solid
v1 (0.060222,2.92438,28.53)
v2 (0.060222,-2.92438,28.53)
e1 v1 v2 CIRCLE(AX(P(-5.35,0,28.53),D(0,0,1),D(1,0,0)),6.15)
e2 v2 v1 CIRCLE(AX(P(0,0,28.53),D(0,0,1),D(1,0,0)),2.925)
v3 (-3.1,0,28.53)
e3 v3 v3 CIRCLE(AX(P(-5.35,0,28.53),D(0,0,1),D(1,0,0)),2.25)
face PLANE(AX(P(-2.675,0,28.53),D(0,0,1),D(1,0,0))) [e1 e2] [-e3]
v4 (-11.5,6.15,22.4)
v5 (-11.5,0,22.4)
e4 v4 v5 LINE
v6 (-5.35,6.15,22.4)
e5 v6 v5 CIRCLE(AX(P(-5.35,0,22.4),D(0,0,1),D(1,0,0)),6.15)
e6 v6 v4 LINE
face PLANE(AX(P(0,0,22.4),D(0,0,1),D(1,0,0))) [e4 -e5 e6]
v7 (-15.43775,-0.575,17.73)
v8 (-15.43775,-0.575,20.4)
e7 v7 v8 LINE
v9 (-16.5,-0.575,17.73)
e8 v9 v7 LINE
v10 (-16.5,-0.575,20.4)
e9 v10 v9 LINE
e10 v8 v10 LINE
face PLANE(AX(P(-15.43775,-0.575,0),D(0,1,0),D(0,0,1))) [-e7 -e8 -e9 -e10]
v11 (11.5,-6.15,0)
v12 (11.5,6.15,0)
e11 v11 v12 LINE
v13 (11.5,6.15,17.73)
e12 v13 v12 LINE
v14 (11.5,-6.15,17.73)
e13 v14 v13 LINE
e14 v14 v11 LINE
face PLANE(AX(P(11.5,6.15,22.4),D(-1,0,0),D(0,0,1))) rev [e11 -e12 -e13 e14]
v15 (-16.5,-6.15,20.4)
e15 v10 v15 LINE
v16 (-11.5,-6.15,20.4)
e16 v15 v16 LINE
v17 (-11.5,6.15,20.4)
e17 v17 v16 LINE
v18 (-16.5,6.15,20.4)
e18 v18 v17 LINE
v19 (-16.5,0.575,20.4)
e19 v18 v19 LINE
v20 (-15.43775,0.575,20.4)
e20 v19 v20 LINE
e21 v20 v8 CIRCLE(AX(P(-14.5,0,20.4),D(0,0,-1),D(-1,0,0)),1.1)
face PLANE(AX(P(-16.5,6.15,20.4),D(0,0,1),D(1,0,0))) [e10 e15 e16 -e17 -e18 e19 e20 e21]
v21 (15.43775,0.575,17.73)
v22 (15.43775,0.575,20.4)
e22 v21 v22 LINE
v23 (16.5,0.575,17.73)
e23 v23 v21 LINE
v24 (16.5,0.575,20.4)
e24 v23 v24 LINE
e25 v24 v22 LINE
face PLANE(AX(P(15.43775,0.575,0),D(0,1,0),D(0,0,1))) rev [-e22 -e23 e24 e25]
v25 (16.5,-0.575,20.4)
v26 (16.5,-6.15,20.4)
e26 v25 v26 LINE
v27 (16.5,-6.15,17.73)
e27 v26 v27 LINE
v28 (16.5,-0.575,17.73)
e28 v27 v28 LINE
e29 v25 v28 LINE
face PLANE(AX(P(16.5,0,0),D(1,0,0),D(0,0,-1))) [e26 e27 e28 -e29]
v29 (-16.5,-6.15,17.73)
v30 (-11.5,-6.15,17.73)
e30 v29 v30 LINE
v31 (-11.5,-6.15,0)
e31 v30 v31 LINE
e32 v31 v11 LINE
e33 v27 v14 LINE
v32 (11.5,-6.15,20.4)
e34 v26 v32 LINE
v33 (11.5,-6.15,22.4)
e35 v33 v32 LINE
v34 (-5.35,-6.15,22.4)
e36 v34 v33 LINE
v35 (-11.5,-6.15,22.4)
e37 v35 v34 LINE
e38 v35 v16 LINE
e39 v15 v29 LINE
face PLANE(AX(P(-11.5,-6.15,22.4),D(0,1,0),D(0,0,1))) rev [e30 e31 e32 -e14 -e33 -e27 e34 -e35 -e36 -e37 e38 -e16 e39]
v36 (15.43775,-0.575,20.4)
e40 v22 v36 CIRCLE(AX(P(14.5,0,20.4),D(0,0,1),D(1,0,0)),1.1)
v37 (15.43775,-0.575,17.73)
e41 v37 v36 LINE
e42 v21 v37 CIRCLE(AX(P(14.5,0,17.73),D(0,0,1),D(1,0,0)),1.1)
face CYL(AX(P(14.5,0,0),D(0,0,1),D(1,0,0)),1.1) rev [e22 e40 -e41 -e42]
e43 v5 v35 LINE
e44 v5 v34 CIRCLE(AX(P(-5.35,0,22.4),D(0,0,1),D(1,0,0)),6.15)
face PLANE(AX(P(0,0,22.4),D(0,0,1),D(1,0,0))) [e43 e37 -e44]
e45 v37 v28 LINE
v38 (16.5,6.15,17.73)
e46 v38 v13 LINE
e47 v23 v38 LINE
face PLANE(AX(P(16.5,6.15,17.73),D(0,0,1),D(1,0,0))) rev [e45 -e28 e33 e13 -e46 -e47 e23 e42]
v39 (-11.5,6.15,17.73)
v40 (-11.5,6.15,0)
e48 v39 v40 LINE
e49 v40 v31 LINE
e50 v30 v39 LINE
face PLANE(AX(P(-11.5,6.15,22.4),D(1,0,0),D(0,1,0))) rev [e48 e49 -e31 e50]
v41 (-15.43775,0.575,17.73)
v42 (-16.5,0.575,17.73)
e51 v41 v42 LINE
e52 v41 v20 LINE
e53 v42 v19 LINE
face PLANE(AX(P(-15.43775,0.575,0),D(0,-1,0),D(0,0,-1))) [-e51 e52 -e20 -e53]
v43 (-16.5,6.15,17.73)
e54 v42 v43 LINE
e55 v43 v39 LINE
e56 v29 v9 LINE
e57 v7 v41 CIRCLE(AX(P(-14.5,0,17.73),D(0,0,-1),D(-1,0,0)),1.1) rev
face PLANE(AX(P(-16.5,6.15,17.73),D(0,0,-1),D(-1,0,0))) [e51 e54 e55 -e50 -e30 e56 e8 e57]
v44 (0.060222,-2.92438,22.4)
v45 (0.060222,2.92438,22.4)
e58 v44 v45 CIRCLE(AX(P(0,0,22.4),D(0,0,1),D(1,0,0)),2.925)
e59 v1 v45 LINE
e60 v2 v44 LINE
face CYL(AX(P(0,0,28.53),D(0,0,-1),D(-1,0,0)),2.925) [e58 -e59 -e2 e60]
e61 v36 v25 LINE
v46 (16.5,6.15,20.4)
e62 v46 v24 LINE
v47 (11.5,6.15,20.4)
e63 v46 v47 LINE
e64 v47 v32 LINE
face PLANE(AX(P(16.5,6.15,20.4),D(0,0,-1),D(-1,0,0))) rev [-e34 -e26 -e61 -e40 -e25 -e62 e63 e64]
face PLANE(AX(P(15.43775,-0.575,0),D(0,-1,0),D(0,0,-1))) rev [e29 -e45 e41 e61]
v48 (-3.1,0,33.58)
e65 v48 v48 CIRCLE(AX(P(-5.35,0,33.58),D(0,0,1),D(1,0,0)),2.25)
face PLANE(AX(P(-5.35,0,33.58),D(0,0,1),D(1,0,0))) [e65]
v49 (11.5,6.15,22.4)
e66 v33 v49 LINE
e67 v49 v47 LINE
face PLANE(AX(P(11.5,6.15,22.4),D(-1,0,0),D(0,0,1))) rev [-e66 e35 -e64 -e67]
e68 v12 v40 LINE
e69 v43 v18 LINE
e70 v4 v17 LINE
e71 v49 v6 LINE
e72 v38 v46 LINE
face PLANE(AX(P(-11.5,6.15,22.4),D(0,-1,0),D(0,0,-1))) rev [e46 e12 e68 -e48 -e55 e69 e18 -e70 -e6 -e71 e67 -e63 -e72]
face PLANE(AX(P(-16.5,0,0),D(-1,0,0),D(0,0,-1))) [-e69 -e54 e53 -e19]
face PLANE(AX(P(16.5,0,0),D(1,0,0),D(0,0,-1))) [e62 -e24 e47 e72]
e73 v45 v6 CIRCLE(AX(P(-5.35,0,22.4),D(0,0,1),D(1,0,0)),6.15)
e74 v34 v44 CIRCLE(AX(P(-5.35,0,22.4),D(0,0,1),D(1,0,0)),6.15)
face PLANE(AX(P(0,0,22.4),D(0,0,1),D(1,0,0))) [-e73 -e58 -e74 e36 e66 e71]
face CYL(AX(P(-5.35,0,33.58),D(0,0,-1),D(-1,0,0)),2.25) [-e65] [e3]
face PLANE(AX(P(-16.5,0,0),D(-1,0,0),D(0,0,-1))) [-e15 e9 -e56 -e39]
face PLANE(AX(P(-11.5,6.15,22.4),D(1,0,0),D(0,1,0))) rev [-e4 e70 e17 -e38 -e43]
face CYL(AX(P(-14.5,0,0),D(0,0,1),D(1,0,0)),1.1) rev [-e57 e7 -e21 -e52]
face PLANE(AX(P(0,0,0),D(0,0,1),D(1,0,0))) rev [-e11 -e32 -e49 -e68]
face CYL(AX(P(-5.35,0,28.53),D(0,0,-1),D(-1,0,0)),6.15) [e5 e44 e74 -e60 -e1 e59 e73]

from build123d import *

# Parameters (mm, degrees)
SKETCH2_W           = 23
SKETCH2_H           = 12.3
BOSS_EXTRUDE1_DEPTH = 22.4
SKETCH3_W           = 2.67
SKETCH3_H           = 12.3
BOSS_EXTRUDE2_DEPTH = 5
CUT_EXTRUDE1_DEPTH  = 27.948701267
BOSS_EXTRUDE3_DEPTH = 6.13
SKETCH5_R           = 2.25
BOSS_EXTRUDE4_DEPTH = 5.05


with BuildPart() as part:
    # Sketch2 → Boss-Extrude1 (new body)
    with BuildSketch(Plane.XY):
        Rectangle(SKETCH2_W, SKETCH2_H)
    extrude(amount=BOSS_EXTRUDE1_DEPTH)

    # Sketch3 → Boss-Extrude2 (add)
    with BuildSketch(Plane(origin=(11.5, 0, 0), x_dir=(0, 0, -1), z_dir=(1, 0, 0))):
        with Locations((-19.065, 0)):
            Rectangle(SKETCH3_W, SKETCH3_H)
    boss_extrude2 = extrude(amount=BOSS_EXTRUDE2_DEPTH)

    # Sketch6 → Cut-Extrude1 (cut, through all)
    with BuildSketch(Plane.XY.offset(20.4)):
        with BuildLine():
            Line((15.437749967, 0.575), (16.5, 0.575))
            Line((16.5, 0.575), (16.5, -0.575))
            Line((16.5, -0.575), (15.437749967, -0.575))
            ThreePointArc((15.437749967, -0.575), (13.4, 0), (15.437749967, 0.575))
        make_face()
    cut_extrude1 = extrude(amount=-CUT_EXTRUDE1_DEPTH, mode=Mode.SUBTRACT)

    # Mirror1: Boss-Extrude2, Cut-Extrude1 across plane
    add(boss_extrude2.mirror(Plane(origin=(0, 0, 0), x_dir=(0, 0, 1), z_dir=(1, 0, 0))))
    add(cut_extrude1.mirror(Plane(origin=(0, 0, 0), x_dir=(0, 0, 1), z_dir=(1, 0, 0))), mode=Mode.SUBTRACT)

    # Sketch4 → Boss-Extrude3 (add)
    with BuildSketch(Plane.XY.offset(22.4)):
        with BuildLine():
            ThreePointArc((0.060221963, 2.924379988), (-11.5, 0), (0.060221963, -2.924379988))
            ThreePointArc((0.060221963, -2.924379988), (2.925, 0), (0.060221963, 2.924379988))
        make_face()
    extrude(amount=BOSS_EXTRUDE3_DEPTH)

    # Sketch5 → Boss-Extrude4 (add)
    with BuildSketch(Plane.XY.offset(28.53)):
        with Locations((-5.35, 0)):
            Circle(SKETCH5_R)
    extrude(amount=BOSS_EXTRUDE4_DEPTH)


solid = part.part
